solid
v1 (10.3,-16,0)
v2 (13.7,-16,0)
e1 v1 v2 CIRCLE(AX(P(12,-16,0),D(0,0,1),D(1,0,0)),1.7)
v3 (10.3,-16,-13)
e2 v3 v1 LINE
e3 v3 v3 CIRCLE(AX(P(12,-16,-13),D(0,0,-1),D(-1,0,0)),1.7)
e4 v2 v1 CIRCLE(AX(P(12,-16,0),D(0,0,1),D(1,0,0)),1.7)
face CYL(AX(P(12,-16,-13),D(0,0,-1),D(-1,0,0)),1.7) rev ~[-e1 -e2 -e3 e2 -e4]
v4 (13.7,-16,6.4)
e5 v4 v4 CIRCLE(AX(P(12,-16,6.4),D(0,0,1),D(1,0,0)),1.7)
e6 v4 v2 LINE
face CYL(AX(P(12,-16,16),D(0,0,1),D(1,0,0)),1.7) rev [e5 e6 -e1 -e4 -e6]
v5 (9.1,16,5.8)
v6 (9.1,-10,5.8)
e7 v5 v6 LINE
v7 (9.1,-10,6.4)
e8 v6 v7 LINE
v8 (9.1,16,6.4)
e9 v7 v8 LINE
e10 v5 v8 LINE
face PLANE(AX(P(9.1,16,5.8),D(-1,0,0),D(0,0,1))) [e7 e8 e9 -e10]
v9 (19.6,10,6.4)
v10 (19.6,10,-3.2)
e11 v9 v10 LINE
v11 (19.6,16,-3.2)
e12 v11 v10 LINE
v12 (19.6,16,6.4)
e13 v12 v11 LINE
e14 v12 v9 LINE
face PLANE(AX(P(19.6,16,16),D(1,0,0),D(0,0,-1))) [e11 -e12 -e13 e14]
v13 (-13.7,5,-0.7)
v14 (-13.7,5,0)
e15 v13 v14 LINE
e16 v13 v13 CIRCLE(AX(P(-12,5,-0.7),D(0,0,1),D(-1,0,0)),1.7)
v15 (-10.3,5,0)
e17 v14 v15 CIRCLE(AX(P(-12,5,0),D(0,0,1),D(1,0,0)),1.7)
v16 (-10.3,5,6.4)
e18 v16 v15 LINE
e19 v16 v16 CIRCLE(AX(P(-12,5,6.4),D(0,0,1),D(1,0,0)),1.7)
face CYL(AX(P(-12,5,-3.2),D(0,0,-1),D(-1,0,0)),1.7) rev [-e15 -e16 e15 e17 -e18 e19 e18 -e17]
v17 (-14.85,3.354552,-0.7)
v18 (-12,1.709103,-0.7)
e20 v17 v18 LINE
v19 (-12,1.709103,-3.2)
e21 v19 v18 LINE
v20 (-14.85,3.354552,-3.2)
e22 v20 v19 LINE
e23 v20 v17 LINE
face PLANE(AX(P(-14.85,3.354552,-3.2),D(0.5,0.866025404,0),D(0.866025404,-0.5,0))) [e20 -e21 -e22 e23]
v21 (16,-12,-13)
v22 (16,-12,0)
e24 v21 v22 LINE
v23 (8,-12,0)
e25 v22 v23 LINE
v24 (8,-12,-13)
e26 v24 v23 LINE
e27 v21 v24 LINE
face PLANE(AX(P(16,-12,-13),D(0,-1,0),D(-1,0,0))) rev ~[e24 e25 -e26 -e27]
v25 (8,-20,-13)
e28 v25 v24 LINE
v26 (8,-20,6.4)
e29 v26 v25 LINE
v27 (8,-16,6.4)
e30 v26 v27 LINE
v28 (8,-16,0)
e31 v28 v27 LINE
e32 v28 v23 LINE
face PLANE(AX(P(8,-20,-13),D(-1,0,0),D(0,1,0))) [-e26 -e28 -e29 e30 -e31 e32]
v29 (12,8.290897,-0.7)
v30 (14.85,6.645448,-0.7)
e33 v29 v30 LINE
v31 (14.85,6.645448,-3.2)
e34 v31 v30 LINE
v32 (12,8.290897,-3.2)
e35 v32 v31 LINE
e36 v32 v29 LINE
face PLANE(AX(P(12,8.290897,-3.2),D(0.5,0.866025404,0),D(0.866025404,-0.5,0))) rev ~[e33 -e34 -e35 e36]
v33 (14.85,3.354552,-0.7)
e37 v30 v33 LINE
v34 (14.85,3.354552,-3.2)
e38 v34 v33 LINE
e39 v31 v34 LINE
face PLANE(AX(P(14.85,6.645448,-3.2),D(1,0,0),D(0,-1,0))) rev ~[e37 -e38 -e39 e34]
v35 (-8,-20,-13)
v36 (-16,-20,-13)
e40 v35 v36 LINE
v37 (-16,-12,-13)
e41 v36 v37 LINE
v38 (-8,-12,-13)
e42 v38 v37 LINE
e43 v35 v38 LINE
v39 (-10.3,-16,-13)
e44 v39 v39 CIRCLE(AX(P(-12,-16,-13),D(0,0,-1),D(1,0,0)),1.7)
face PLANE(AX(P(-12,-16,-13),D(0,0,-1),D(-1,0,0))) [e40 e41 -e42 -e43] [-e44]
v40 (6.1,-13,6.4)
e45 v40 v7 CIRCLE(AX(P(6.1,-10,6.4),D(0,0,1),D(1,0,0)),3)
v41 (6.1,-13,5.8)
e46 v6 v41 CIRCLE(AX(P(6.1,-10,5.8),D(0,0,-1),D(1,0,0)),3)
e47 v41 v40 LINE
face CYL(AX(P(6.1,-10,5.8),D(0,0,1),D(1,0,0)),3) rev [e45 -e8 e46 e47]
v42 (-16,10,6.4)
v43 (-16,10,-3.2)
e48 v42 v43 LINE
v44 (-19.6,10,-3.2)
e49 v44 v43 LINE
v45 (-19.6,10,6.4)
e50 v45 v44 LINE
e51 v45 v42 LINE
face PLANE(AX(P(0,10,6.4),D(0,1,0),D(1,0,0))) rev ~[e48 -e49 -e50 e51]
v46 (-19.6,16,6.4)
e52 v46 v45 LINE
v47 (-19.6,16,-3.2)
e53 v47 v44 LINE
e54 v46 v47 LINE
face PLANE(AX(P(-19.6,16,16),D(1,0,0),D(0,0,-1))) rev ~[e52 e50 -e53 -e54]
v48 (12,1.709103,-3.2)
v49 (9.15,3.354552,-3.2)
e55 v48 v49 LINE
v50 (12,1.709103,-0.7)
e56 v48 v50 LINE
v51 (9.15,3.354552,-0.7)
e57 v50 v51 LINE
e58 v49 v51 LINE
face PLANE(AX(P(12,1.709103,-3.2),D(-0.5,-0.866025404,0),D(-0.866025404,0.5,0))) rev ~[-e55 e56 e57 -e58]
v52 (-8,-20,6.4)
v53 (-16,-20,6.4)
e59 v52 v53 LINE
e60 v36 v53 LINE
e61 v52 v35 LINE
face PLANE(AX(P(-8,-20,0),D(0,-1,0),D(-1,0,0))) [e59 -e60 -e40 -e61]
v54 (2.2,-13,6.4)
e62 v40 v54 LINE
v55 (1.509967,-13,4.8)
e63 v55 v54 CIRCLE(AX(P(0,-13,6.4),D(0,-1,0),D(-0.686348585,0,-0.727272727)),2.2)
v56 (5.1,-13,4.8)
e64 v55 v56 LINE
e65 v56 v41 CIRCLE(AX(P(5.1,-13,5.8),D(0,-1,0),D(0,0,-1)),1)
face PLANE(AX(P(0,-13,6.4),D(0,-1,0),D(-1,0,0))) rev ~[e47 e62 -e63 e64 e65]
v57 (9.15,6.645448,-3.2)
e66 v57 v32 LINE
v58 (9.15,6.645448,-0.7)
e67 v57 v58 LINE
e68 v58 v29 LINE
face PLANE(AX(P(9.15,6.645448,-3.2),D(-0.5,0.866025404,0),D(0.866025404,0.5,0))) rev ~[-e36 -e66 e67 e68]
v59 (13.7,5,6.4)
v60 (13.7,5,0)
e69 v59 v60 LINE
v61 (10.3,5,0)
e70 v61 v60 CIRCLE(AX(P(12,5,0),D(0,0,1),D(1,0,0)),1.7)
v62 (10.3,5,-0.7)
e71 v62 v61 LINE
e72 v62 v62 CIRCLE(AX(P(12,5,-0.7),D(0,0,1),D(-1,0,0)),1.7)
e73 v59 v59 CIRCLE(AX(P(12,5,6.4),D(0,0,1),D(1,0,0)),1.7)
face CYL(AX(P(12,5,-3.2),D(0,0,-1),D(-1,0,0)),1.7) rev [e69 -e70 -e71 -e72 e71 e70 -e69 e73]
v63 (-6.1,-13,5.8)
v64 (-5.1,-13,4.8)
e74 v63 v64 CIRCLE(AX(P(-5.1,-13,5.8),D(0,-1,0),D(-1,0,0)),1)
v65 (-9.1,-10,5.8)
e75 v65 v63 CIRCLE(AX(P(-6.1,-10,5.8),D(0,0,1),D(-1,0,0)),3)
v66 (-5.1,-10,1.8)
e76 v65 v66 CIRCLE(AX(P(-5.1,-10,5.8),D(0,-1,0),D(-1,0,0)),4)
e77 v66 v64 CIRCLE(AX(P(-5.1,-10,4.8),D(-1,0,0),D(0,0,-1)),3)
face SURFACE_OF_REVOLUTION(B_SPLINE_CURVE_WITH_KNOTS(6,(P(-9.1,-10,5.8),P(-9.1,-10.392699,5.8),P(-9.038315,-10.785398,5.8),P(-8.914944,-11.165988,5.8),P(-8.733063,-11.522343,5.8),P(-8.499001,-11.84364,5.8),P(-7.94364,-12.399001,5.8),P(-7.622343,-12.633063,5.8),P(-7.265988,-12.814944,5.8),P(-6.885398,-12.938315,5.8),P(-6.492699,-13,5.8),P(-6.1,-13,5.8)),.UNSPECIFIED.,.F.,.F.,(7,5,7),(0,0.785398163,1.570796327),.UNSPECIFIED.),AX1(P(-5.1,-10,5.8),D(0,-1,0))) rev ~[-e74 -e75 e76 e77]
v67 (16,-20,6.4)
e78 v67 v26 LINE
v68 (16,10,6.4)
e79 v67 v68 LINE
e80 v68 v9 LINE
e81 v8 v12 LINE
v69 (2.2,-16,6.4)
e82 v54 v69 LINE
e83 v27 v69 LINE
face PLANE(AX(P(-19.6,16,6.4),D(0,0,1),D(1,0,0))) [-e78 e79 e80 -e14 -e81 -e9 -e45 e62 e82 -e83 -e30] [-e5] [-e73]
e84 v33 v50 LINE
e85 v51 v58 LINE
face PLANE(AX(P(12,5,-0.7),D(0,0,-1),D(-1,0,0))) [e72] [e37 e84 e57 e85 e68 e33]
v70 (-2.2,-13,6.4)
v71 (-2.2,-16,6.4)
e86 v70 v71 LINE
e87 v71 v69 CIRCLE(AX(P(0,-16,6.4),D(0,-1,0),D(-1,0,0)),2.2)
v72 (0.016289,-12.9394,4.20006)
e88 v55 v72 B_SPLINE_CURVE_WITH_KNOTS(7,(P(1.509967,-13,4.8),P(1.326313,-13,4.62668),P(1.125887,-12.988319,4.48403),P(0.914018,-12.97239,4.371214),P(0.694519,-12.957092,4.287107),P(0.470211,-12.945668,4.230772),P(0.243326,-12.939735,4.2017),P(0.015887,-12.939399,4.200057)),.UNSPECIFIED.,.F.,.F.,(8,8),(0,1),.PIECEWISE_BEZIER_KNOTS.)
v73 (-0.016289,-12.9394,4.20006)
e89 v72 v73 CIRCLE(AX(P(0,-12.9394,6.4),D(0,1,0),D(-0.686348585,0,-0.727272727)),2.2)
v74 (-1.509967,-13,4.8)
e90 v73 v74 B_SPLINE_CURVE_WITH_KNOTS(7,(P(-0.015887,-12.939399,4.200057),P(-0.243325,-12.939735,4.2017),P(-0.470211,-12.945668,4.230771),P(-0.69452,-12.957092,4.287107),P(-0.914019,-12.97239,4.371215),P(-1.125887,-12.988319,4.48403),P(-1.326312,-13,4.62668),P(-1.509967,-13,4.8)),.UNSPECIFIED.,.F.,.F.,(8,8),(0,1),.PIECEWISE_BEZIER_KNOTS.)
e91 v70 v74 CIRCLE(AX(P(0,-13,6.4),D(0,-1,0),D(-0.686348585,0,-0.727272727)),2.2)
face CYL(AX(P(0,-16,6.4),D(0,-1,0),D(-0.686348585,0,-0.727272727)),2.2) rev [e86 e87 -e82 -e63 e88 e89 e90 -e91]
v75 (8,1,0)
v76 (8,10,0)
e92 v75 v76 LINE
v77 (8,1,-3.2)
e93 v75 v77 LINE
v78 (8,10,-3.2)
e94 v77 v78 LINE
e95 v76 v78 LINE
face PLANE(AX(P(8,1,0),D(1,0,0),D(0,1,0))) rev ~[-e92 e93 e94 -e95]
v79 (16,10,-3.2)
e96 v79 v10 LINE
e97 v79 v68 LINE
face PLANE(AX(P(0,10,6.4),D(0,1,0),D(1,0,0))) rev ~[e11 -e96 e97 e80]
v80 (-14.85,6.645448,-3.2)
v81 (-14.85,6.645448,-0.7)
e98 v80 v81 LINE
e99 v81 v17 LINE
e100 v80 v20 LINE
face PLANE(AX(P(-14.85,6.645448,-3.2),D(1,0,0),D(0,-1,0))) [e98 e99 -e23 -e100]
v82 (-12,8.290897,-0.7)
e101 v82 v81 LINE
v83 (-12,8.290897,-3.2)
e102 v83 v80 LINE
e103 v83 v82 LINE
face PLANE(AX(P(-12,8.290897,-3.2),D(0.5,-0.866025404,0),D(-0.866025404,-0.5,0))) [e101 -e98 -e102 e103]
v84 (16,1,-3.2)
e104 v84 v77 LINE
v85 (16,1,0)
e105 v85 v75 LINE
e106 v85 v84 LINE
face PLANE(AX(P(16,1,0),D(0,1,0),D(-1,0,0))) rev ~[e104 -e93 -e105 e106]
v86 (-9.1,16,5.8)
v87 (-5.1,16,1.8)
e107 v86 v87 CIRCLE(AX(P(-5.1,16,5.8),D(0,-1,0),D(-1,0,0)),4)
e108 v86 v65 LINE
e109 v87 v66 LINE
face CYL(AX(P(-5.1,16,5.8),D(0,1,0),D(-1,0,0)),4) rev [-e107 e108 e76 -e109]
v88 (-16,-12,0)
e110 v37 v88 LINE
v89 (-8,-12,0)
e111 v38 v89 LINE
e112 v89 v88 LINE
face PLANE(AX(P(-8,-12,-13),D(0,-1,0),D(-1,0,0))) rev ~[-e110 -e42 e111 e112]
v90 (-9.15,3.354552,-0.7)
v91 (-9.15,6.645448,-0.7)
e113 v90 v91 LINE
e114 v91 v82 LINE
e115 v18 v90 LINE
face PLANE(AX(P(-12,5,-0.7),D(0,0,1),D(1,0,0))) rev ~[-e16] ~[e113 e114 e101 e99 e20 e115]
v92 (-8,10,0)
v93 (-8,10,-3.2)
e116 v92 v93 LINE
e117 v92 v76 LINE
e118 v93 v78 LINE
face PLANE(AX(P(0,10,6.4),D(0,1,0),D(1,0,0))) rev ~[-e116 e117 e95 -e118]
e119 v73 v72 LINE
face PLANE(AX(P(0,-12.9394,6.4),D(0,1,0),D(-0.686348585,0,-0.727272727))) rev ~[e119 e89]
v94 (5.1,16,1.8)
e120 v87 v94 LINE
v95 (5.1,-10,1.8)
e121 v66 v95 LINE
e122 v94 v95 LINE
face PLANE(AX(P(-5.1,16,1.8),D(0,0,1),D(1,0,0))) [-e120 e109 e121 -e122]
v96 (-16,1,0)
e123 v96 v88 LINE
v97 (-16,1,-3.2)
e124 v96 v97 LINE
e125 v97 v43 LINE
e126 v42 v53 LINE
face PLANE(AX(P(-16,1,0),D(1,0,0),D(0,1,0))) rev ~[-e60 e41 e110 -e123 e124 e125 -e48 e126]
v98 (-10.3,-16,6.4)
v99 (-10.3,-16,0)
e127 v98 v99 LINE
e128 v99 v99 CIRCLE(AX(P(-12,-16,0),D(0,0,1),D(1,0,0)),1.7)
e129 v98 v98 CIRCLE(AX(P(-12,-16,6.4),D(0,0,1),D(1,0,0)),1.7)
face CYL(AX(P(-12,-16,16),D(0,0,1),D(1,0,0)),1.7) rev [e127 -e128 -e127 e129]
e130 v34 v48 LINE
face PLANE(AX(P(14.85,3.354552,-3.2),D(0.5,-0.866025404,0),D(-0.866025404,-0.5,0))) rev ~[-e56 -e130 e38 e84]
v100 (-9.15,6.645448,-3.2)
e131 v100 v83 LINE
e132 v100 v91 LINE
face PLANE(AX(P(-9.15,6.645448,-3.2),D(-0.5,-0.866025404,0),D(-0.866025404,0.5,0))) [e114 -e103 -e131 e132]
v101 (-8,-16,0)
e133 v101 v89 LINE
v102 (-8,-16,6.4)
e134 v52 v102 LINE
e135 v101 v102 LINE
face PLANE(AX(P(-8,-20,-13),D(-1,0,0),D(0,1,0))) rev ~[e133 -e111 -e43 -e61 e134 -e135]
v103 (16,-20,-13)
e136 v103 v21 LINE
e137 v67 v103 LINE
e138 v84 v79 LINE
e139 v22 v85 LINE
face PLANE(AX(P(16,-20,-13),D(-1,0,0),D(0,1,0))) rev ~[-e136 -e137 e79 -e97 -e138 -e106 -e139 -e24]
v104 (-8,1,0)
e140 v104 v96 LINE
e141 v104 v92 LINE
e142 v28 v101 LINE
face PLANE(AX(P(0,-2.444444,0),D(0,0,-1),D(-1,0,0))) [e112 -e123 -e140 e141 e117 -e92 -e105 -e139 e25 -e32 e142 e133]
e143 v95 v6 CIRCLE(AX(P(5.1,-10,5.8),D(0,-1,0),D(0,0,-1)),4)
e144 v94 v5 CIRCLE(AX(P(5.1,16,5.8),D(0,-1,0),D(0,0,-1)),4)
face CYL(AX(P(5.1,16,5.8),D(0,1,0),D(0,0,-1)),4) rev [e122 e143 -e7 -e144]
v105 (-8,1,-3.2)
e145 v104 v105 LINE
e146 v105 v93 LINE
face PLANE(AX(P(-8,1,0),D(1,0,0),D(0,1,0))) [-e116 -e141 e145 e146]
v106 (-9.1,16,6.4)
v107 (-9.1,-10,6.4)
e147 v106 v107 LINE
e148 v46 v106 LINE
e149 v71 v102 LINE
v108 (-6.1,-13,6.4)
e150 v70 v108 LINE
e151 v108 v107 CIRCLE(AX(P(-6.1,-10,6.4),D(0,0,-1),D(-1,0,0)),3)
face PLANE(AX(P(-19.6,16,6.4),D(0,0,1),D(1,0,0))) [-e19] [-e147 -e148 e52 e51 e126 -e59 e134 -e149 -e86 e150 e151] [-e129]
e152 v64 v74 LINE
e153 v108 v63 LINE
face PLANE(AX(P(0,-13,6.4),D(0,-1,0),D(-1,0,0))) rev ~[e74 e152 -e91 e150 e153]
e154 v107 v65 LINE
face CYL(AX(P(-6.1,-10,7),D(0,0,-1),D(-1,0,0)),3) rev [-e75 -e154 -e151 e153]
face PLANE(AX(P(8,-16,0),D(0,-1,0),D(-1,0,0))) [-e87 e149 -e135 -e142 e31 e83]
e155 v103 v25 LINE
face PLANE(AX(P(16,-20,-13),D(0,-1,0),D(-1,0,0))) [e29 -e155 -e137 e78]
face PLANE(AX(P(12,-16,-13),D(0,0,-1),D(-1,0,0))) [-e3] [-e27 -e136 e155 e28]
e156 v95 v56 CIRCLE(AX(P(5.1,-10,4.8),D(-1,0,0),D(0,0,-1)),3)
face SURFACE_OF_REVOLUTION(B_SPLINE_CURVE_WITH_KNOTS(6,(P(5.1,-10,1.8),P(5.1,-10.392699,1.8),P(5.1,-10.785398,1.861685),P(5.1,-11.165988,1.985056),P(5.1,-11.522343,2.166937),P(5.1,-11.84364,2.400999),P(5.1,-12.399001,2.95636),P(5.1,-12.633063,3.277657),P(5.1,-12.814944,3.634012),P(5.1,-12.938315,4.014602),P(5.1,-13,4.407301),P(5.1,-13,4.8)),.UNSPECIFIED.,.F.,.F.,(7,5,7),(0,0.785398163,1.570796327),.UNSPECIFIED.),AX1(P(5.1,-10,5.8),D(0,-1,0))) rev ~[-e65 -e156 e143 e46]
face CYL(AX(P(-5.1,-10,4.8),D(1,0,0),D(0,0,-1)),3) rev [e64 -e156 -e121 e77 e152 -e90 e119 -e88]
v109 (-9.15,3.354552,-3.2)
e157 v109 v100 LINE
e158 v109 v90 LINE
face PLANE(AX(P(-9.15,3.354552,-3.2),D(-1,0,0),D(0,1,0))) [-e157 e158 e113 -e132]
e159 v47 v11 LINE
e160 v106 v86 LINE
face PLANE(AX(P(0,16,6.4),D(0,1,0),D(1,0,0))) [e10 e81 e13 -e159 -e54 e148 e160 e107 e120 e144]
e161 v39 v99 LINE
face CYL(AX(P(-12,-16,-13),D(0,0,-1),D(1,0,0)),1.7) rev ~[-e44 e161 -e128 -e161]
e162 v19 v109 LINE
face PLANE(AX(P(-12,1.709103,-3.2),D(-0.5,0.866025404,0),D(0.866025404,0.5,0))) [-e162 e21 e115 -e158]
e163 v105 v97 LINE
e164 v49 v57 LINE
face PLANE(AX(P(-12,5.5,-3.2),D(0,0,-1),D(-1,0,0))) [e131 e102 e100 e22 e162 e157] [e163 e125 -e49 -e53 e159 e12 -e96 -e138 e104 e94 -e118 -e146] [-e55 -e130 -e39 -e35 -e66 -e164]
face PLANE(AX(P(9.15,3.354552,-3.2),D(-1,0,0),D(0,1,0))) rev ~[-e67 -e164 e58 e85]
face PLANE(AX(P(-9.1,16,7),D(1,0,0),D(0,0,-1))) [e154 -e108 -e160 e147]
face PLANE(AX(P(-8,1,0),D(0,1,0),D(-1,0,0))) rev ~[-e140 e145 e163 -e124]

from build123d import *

# Parameters (mm, degrees)
EXTRUDE_1_DEPTH          = 16
CUT_EXTRUDE_1_DEPTH      = 29
FILLET_1_R               = 3
CUT_EXTRUDE_2_DEPTH      = 10
CUT_EXTRUDE_2_DEPTH_BACK = 16
SKETCH_3_R               = 1.7
SKETCH_4_R               = 2.2
CUT_EXTRUDE_3_DEPTH      = 3.0606
CUT_EXTRUDE_4_DEPTH      = 3
EXTRUDE_START            = 13
SKETCH_6_W               = 8
SKETCH_6_H               = 8
SKETCH_6_R               = 1.7
EXTRUDE_2_DEPTH          = 13
SKETCH_8_W               = 39.2
SKETCH_8_H               = 19.2
EXTRUDE_3_DEPTH          = 6
SKETCH_9_W               = 52.66631539
SKETCH_9_H               = 26.451368725
CUT_EXTRUDE_5_DEPTH      = 45.001818144
SKETCH_10_W              = 8
SKETCH_10_H              = 9
EXTRUDE_4_DEPTH          = 3.2
CUT_EXTRUDE_START        = -9.6
SKETCH_11_R              = 1.7
CUT_EXTRUDE_6_DEPTH      = 9.6
CUT_EXTRUDE_7_DEPTH      = 2.5


with BuildPart() as part:
    # Эскиз1 → Бобышка-Вытянуть1 (new body)
    with BuildSketch(Plane.XY):
        Polygon((8, -16), (-8, -16), (-8, -20), (-16, -20), (-16, -16), (-16, 16), (16, 16), (16, -16), (16, -20), (8, -20), align=None)
    extrude(amount=EXTRUDE_1_DEPTH)

    # Эскиз2 → Вырез-Вытянуть1 (cut)
    with BuildSketch(Plane(origin=(0, 16, 0), x_dir=(1, 0, 0), z_dir=(0, 1, 0))):
        with BuildLine():
            Line((5.1, -11), (-5.1, -11))
            ThreePointArc((-5.1, -11), (-7.928427125, -9.828427125), (-9.1, -7))
            Line((-9.1, -7), (-9.1, -5.8))
            ThreePointArc((-9.1, -5.8), (-7.928427125, -2.971572875), (-5.1, -1.8))
            Line((-5.1, -1.8), (5.1, -1.8))
            ThreePointArc((5.1, -1.8), (7.928427125, -2.971572875), (9.1, -5.8))
            Line((9.1, -5.8), (9.1, -7))
            ThreePointArc((9.1, -7), (7.928427125, -9.828427125), (5.1, -11))
        make_face()
    extrude(amount=-CUT_EXTRUDE_1_DEPTH, mode=Mode.SUBTRACT)

    # Скругление1
    fillet_1_edges = [part.edges().sort_by_distance(p)[0] for p in [
        (7.928427125, -13, 2.971572875),
        (9.1, -13, 6.4),
        (7.928427125, -13, 9.828427125),
        (0, -13, 11),
        (-7.928427125, -13, 9.828427125),
        (-9.1, -13, 6.4),
        (-7.928427125, -13, 2.971572875),
        (0, -13, 1.8),
    ]]
    fillet(fillet_1_edges, radius=FILLET_1_R)

    # Эскиз3 → Вырез-Вытянуть2 (cut, two sides: drawn at the far end of the back side and taken through both)
    with BuildSketch(Plane(origin=(0, 0, 0), x_dir=(-1, 0, 0), z_dir=(0, 0, -1)).offset(-CUT_EXTRUDE_2_DEPTH_BACK)):
        with Locations(Location((-12, -16, 0), (0, 0, 180))):
            Circle(SKETCH_3_R)
        with Locations(Location((-12, 5, 0), (0, 0, 180))):
            Circle(SKETCH_3_R)
        with Locations(Location((12, 5, 0), (0, 0, 180))):
            Circle(SKETCH_3_R)
        with Locations(Location((12, -16, 0), (0, 0, 180))):
            Circle(SKETCH_3_R)
    extrude(amount=CUT_EXTRUDE_2_DEPTH + CUT_EXTRUDE_2_DEPTH_BACK, mode=Mode.SUBTRACT)

    # Эскиз4 → Вырез-Вытянуть3 (cut)
    with BuildSketch(Plane(origin=(0, -16, 0), x_dir=(1, 0, 0), z_dir=(0, 1, 0))):
        with Locations(Location((0, -6.4, 0), (0, 0, 133.341758227))):
            Circle(SKETCH_4_R)
    extrude(amount=CUT_EXTRUDE_3_DEPTH, mode=Mode.SUBTRACT)

    # Эскиз5 → Вырез-Вытянуть4 (cut)
    with BuildSketch(Plane.XY.offset(16)):
        Polygon((-12, -12.709103466), (-14.85, -14.354551733), (-14.85, -17.645448267), (-12, -19.290896534), (-9.15, -17.645448267), (-9.15, -14.354551733), align=None)
        Polygon((9.15, -14.354551733), (12, -12.709103466), (14.85, -14.354551733), (14.85, -17.645448267), (12, -19.290896534), (9.15, -17.645448267), align=None)
    extrude(amount=-CUT_EXTRUDE_4_DEPTH, mode=Mode.SUBTRACT)

    # Эскиз6 → Бобышка-Вытянуть2 (add)
    # profile 1 of 2: a face of its own
    with BuildSketch(Plane(origin=(0, 0, 0), x_dir=(-1, 0, 0), z_dir=(0, 0, -1)).offset(EXTRUDE_START)):
        with Locations((-12, -16)):
            Rectangle(SKETCH_6_W, SKETCH_6_H)
        with Locations((-12, -16)):
            Circle(SKETCH_6_R, mode=Mode.SUBTRACT)
    # profile 2 of 2: a face of its own
    with BuildSketch(Plane(origin=(0, 0, 0), x_dir=(-1, 0, 0), z_dir=(0, 0, -1)).offset(EXTRUDE_START)):
        with Locations((12, -16)):
            Rectangle(SKETCH_6_W, SKETCH_6_H)
        with Locations(Location((12, -16, 0), (0, 0, 180))):
            Circle(SKETCH_6_R, mode=Mode.SUBTRACT)
    extrude(amount=-EXTRUDE_2_DEPTH)

    # Эскиз8 → Бобышка-Вытянуть3 (add)
    with BuildSketch(Plane(origin=(0, 16, 0), x_dir=(1, 0, 0), z_dir=(0, 1, 0))):
        with Locations((0, -6.4)):
            Rectangle(SKETCH_8_W, SKETCH_8_H)
        with BuildLine():
            Line((-9.1, -5.8), (-9.1, -7))
            ThreePointArc((-9.1, -7), (-7.928427125, -9.828427125), (-5.1, -11))
            Line((-5.1, -11), (5.1, -11))
            ThreePointArc((5.1, -11), (7.928427125, -9.828427125), (9.1, -7))
            Line((9.1, -7), (9.1, -5.8))
            ThreePointArc((9.1, -5.8), (7.928427125, -2.971572875), (5.1, -1.8))
            Line((5.1, -1.8), (-5.1, -1.8))
            ThreePointArc((-5.1, -1.8), (-7.928427125, -2.971572875), (-9.1, -5.8))
        make_face(mode=Mode.SUBTRACT)
    extrude(amount=-EXTRUDE_3_DEPTH)

    # Эскиз9 → Вырез-Вытянуть5 (cut, through all)
    with BuildSketch(Plane(origin=(0, 16, 0), x_dir=(1, 0, 0), z_dir=(0, 1, 0))):
        with Locations((6.733157695, -19.625684362)):
            Rectangle(SKETCH_9_W, SKETCH_9_H)
    extrude(amount=-CUT_EXTRUDE_5_DEPTH, mode=Mode.SUBTRACT)

    # Эскиз10 → Бобышка-Вытянуть4 (add)
    with BuildSketch(Plane(origin=(0, 0, 0), x_dir=(-1, 0, 0), z_dir=(0, 0, -1))):
        with Locations((12, 5.5)):
            Rectangle(SKETCH_10_W, SKETCH_10_H)
        with Locations((-12, 5.5)):
            Rectangle(SKETCH_10_W, SKETCH_10_H)
    extrude(amount=EXTRUDE_4_DEPTH)

    # Эскиз11 → Вырез-Вытянуть6 (cut)
    with BuildSketch(Plane.XY.offset(6.4).offset(CUT_EXTRUDE_START)):
        with Locations(Location((-12, 5, 0), (0, 0, 180))):
            Circle(SKETCH_11_R)
        with Locations(Location((12, 5, 0), (0, 0, 180))):
            Circle(SKETCH_11_R)
    extrude(amount=CUT_EXTRUDE_6_DEPTH, mode=Mode.SUBTRACT)

    # Эскиз12 → Вырез-Вытянуть7 (cut)
    with BuildSketch(Plane(origin=(0, 0, -3.2), x_dir=(-1, 0, 0), z_dir=(0, 0, -1))):
        Polygon((-12, 8.290896534), (-14.85, 6.645448267), (-14.85, 3.354551733), (-12, 1.709103466), (-9.15, 3.354551733), (-9.15, 6.645448267), align=None)
        Polygon((9.15, 6.645448267), (12, 8.290896534), (14.85, 6.645448267), (14.85, 3.354551733), (12, 1.709103466), (9.15, 3.354551733), align=None)
    extrude(amount=-CUT_EXTRUDE_7_DEPTH, mode=Mode.SUBTRACT)


solid = part.part
